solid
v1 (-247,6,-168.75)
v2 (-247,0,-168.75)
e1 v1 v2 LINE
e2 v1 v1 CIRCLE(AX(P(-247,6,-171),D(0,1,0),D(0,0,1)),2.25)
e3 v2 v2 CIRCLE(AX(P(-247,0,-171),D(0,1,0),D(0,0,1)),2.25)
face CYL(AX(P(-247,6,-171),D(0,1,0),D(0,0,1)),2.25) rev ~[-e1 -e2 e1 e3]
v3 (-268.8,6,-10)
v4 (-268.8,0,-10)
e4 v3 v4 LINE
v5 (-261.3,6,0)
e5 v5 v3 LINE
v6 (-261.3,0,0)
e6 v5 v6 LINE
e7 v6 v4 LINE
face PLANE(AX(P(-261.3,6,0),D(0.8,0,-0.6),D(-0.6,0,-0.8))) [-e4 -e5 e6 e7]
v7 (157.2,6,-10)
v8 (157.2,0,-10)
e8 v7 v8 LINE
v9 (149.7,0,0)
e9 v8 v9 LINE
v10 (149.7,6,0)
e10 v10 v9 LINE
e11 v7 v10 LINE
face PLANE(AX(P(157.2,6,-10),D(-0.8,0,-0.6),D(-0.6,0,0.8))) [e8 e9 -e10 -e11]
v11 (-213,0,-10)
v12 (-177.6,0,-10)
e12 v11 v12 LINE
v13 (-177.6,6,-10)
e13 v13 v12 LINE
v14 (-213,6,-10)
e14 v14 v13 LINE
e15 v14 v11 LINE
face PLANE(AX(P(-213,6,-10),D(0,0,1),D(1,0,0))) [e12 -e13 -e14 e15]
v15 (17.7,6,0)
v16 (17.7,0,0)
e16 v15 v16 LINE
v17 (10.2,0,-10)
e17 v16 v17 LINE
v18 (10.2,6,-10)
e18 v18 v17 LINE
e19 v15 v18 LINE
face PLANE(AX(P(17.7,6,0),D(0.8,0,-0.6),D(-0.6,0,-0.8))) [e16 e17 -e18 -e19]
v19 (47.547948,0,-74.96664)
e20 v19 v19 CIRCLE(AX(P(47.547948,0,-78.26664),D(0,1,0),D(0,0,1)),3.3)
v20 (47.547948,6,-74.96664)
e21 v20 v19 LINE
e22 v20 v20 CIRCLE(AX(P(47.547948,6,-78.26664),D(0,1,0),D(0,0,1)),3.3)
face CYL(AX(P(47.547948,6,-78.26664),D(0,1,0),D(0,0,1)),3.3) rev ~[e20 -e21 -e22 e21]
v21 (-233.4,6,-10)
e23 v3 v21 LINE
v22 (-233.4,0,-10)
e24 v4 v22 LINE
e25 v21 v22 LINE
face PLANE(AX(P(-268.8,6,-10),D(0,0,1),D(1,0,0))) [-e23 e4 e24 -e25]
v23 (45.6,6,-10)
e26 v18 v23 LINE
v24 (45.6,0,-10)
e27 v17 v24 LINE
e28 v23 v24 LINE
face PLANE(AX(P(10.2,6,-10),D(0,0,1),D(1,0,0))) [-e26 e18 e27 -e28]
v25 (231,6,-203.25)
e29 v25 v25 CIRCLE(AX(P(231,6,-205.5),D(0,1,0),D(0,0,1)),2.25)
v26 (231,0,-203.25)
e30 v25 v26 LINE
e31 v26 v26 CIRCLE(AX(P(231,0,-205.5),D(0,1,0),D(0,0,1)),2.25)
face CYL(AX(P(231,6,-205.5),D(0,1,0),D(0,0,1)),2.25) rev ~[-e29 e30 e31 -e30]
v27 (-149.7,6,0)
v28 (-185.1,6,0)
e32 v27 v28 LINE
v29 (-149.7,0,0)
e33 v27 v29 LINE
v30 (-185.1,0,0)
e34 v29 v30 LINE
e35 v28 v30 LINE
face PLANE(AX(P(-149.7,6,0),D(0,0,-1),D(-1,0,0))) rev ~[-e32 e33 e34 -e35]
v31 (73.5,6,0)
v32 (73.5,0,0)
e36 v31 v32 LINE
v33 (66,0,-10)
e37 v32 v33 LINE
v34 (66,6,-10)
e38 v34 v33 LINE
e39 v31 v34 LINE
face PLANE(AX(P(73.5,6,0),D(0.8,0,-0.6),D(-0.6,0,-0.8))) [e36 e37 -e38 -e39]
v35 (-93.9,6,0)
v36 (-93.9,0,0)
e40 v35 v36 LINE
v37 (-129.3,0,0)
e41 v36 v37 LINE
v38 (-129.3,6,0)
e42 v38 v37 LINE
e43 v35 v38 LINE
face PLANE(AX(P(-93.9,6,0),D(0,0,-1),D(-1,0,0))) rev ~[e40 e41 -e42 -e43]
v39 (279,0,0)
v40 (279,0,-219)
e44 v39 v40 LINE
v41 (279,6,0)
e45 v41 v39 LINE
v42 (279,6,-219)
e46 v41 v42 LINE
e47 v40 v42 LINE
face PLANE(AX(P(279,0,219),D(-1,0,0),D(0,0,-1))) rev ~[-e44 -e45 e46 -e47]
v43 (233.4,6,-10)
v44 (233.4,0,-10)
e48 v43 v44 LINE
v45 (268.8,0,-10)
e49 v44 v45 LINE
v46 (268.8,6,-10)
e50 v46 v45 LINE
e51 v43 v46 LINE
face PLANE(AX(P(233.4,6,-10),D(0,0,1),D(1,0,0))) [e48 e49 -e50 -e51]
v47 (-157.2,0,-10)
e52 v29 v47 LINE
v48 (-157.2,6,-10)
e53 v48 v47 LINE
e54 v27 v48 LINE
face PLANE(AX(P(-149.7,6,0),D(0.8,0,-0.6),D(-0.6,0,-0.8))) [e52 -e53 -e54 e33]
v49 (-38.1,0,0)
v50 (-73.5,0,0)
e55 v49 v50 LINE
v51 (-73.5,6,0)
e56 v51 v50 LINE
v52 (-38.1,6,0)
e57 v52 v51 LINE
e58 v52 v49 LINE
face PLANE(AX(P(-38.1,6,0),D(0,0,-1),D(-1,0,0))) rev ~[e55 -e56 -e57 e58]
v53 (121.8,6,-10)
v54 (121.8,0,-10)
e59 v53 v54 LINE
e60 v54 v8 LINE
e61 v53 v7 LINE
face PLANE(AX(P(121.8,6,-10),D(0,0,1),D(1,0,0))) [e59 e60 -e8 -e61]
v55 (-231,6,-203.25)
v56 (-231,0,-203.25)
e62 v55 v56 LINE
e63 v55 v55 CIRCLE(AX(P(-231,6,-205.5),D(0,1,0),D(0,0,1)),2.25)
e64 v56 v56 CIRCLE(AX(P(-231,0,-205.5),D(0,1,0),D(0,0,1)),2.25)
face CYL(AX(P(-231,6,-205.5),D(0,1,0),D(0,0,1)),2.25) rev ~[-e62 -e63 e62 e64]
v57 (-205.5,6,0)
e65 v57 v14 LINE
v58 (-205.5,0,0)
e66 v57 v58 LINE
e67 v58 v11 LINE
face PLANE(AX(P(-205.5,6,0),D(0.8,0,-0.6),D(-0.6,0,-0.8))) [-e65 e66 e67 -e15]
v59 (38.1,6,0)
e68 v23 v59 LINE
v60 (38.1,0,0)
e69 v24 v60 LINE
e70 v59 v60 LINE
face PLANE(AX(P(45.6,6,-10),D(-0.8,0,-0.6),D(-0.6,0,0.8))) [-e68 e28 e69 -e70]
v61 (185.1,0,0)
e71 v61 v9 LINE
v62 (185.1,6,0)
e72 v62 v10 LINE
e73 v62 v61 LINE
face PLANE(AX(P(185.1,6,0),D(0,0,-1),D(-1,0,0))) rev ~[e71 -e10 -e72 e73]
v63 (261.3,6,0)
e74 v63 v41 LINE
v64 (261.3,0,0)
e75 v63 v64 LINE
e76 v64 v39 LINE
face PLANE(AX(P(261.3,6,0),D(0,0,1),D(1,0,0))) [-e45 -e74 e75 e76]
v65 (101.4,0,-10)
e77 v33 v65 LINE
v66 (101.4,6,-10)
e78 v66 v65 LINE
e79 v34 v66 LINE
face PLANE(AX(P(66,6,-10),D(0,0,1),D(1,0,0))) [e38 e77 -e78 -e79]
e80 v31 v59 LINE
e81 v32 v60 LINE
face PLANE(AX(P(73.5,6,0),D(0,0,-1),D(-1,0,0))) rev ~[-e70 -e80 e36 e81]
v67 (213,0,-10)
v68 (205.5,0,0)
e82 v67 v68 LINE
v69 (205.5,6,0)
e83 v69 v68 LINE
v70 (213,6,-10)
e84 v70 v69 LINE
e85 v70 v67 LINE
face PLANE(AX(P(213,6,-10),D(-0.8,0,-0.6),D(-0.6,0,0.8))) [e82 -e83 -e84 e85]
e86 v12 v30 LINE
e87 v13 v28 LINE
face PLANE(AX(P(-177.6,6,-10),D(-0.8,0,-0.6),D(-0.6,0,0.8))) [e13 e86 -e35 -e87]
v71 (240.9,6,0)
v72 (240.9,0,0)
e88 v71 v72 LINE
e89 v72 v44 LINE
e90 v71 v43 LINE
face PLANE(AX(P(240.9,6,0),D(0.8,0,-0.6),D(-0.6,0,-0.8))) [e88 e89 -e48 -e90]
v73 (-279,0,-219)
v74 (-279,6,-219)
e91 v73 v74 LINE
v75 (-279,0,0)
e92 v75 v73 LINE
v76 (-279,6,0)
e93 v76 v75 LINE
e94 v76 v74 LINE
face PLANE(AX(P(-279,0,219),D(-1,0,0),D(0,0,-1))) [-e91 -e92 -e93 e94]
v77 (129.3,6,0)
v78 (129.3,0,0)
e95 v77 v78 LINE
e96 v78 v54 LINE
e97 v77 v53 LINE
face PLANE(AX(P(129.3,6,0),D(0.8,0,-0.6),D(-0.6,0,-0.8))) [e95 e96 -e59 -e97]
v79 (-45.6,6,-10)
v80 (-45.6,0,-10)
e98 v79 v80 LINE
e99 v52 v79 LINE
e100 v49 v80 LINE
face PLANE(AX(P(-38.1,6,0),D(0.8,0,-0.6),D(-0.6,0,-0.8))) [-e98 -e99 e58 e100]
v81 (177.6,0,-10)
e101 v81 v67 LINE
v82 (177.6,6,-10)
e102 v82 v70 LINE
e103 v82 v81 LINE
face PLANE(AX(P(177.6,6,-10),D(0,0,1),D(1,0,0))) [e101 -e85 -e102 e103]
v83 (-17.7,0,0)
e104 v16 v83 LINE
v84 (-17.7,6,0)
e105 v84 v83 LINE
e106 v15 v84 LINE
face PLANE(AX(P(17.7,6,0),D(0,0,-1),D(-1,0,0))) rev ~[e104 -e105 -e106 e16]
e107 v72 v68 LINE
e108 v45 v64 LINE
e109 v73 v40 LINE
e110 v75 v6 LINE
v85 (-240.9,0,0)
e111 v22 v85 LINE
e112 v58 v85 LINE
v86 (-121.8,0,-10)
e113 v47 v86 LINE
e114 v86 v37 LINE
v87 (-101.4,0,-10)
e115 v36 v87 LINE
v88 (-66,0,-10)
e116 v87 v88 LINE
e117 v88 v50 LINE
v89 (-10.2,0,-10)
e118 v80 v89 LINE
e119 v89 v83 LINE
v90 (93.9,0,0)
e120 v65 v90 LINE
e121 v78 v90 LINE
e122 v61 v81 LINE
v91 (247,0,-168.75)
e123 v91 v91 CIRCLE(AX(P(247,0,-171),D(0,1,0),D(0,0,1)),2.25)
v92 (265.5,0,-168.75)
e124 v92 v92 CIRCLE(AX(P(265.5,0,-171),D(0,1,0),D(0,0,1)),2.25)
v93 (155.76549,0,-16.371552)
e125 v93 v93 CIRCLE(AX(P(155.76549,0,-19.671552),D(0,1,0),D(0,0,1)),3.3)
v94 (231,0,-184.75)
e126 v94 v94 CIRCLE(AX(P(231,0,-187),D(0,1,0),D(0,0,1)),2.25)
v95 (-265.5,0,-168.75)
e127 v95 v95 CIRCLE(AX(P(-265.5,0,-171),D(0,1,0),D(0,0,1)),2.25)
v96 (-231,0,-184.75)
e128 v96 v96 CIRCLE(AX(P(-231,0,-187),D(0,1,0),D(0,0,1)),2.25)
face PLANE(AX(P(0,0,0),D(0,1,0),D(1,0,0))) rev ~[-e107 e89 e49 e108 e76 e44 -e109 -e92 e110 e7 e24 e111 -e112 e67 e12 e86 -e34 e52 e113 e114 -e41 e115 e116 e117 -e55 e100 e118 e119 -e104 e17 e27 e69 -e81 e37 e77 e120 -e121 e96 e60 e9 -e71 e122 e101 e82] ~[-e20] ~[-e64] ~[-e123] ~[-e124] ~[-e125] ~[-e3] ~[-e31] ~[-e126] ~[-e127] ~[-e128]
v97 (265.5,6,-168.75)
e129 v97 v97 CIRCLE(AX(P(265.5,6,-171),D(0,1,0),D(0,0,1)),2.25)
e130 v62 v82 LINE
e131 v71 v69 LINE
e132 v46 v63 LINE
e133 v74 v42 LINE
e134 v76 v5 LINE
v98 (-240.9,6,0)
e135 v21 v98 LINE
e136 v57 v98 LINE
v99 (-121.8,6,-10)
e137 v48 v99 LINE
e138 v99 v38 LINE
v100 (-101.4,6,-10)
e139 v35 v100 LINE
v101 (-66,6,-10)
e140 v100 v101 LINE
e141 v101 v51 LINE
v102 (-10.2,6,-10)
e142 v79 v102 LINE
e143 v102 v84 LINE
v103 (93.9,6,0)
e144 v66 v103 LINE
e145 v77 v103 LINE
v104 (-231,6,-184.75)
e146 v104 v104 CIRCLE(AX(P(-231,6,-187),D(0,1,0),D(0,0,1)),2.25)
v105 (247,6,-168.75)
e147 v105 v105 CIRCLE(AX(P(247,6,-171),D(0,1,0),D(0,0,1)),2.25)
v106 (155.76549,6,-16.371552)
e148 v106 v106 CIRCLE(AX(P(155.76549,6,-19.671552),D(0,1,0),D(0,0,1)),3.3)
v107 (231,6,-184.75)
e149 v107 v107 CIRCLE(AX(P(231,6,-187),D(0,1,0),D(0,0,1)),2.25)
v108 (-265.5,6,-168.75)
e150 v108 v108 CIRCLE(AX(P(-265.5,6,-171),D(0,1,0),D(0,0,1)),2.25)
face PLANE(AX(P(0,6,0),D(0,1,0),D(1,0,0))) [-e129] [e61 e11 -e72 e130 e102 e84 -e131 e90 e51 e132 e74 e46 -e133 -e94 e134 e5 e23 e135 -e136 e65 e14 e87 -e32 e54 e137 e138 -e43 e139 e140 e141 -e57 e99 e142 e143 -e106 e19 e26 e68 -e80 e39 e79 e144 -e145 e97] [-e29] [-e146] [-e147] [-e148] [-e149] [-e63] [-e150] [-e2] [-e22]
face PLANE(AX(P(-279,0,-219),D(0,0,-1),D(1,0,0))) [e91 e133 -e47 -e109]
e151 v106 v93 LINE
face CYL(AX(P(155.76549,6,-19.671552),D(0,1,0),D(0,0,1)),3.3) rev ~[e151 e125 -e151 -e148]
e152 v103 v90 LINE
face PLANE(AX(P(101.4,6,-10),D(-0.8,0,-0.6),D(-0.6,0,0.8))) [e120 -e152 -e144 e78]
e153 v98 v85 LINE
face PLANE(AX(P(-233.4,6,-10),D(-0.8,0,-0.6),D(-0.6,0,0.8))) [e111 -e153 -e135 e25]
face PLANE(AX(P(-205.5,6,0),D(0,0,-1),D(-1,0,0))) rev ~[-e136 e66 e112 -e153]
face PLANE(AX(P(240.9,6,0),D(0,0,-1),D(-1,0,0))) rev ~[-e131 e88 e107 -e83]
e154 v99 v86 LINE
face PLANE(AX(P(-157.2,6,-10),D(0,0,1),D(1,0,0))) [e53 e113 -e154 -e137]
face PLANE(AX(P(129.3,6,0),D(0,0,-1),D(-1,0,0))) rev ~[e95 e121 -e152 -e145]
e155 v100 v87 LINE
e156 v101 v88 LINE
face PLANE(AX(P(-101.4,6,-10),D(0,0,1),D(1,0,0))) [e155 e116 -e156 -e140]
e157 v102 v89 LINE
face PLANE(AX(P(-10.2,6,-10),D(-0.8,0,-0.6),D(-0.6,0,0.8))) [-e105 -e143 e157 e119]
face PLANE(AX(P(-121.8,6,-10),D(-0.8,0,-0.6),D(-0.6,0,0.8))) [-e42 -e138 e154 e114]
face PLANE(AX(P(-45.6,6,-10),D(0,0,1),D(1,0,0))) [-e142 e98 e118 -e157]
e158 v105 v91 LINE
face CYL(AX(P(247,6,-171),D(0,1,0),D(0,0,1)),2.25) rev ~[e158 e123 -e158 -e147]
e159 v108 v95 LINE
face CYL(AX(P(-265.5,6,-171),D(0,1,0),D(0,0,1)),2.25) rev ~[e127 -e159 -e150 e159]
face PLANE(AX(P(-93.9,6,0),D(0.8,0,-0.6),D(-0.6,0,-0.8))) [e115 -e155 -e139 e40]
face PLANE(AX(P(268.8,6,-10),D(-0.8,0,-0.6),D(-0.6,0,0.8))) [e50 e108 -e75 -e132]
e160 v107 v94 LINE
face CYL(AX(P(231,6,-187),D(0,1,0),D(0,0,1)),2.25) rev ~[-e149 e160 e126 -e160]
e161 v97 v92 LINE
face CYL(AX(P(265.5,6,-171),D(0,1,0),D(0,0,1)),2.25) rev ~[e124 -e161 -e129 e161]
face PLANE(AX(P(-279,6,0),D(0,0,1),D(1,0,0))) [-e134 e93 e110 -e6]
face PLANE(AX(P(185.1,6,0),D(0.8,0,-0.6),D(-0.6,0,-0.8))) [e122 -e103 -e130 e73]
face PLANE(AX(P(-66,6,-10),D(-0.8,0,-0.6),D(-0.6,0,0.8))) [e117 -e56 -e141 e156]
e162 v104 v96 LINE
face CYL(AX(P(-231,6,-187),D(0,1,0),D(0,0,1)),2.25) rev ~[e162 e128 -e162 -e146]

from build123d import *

# Parameters (mm, degrees)
SCHIZZO1_W                   = 558
SCHIZZO1_H                   = 438
ESTRUSIONE_ESTRUSIONE1_DEPTH = 6
SCHIZZO2_R                   = 2.25
TAGLIO_ESTRUSIONE1_DEPTH     = 10
SCHIZZO4_R                   = 3.3
TAGLIO_ESTRUSIONE2_DEPTH     = 10
SCHIZZO5_R                   = 2.25
TAGLIO_ESTRUSIONE3_DEPTH     = 10
TAGLIO_ESTRUSIONE4_DEPTH     = 10


with BuildPart() as part:
    # Schizzo1 → Estrusione-Estrusione1 (new body)
    with BuildSketch(Plane(origin=(0, 0, 0), x_dir=(1, 0, 0), z_dir=(0, 1, 0))):
        Rectangle(SCHIZZO1_W, SCHIZZO1_H)
    extrude(amount=ESTRUSIONE_ESTRUSIONE1_DEPTH)

    # Schizzo2 → Taglio-Estrusione1 (cut)
    with BuildSketch(Plane(origin=(0, 6, 0), x_dir=(1, 0, 0), z_dir=(0, 1, 0))):
        with Locations(Location((-231, 205.5, 0), (0, 0, 270))):
            Circle(SCHIZZO2_R)
        with Locations(Location((-231, 187, 0), (0, 0, 270))):
            Circle(SCHIZZO2_R)
        with Locations(Location((-247, 171, 0), (0, 0, 270))):
            Circle(SCHIZZO2_R)
        with Locations(Location((-265.5, 171, 0), (0, 0, 270))):
            Circle(SCHIZZO2_R)
        with Locations(Location((231, 205.5, 0), (0, 0, 270))):
            Circle(SCHIZZO2_R)
        with Locations(Location((231, 187, 0), (0, 0, 270))):
            Circle(SCHIZZO2_R)
        with Locations(Location((247, 171, 0), (0, 0, 270))):
            Circle(SCHIZZO2_R)
        with Locations(Location((265.5, 171, 0), (0, 0, 270))):
            Circle(SCHIZZO2_R)
        with Locations(Location((265.5, -171, 0), (0, 0, 270))):
            Circle(SCHIZZO2_R)
        with Locations(Location((247, -171, 0), (0, 0, 270))):
            Circle(SCHIZZO2_R)
        with Locations(Location((231, -187, 0), (0, 0, 270))):
            Circle(SCHIZZO2_R)
        with Locations(Location((231, -205.5, 0), (0, 0, 270))):
            Circle(SCHIZZO2_R)
        with Locations(Location((-231, -205.5, 0), (0, 0, 270))):
            Circle(SCHIZZO2_R)
        with Locations(Location((-231, -187, 0), (0, 0, 270))):
            Circle(SCHIZZO2_R)
        with Locations(Location((-247, -171, 0), (0, 0, 270))):
            Circle(SCHIZZO2_R)
        with Locations(Location((-265.5, -171, 0), (0, 0, 270))):
            Circle(SCHIZZO2_R)
    extrude(amount=-TAGLIO_ESTRUSIONE1_DEPTH, mode=Mode.SUBTRACT)

    # Schizzo4 → Taglio-Estrusione2 (cut)
    with BuildSketch(Plane(origin=(0, 6, 0), x_dir=(1, 0, 0), z_dir=(0, 1, 0))):
        with Locations(Location((-11.04713937, -29.950902322, 0), (0, 0, 270))):
            Circle(SCHIZZO4_R)
        with Locations(Location((97.170402481, -88.545989873, 0), (0, 0, 270))):
            Circle(SCHIZZO4_R)
        with Locations(Location((155.765489817, 19.671552094, 0), (0, 0, 270))):
            Circle(SCHIZZO4_R)
        with Locations(Location((47.547947967, 78.266639645, 0), (0, 0, 270))):
            Circle(SCHIZZO4_R)
    extrude(amount=-TAGLIO_ESTRUSIONE2_DEPTH, mode=Mode.SUBTRACT)

    # Schizzo5 → Taglio-Estrusione3 (cut)
    with BuildSketch(Plane.XZ):
        with Locations(Location((-136.921607377, 165.135242981, 0), (0, 0, 270))):
            Circle(SCHIZZO5_R)
        with Locations(Location((-136.921607377, 145.135242981, 0), (0, 0, 270))):
            Circle(SCHIZZO5_R)
    extrude(amount=-TAGLIO_ESTRUSIONE3_DEPTH, mode=Mode.SUBTRACT)

    # Schizzo6 → Taglio-Estrusione4 (cut)
    with BuildSketch(Plane(origin=(0, 6, 0), x_dir=(1, 0, 0), z_dir=(0, 1, 0))):
        Polygon((-279, 0), (-261.3, 0), (-268.8, 10), (-233.4, 10), (-240.9, 0), (-223.2, 0), (-205.5, 0), (-213, 10), (-177.6, 10), (-185.1, 0), (-167.4, 0), (-149.7, 0), (-157.2, 10), (-121.8, 10), (-129.3, 0), (-111.6, 0), (-93.9, 0), (-101.4, 10), (-66, 10), (-73.5, 0), (-55.8, 0), (-38.1, 0), (-45.6, 10), (-10.2, 10), (-17.7, 0), (0, 0), (17.7, 0), (10.2, 10), (45.6, 10), (38.1, 0), (55.8, 0), (73.5, 0), (66, 10), (101.4, 10), (93.9, 0), (111.6, 0), (129.3, 0), (121.8, 10), (157.2, 10), (149.7, 0), (167.4, 0), (185.1, 0), (177.6, 10), (213, 10), (205.5, 0), (223.2, 0), (240.9, 0), (233.4, 10), (268.8, 10), (261.3, 0), (279, 0), (279, -219), (-279, -219), align=None)
    extrude(amount=-TAGLIO_ESTRUSIONE4_DEPTH, mode=Mode.SUBTRACT)


solid = part.part
